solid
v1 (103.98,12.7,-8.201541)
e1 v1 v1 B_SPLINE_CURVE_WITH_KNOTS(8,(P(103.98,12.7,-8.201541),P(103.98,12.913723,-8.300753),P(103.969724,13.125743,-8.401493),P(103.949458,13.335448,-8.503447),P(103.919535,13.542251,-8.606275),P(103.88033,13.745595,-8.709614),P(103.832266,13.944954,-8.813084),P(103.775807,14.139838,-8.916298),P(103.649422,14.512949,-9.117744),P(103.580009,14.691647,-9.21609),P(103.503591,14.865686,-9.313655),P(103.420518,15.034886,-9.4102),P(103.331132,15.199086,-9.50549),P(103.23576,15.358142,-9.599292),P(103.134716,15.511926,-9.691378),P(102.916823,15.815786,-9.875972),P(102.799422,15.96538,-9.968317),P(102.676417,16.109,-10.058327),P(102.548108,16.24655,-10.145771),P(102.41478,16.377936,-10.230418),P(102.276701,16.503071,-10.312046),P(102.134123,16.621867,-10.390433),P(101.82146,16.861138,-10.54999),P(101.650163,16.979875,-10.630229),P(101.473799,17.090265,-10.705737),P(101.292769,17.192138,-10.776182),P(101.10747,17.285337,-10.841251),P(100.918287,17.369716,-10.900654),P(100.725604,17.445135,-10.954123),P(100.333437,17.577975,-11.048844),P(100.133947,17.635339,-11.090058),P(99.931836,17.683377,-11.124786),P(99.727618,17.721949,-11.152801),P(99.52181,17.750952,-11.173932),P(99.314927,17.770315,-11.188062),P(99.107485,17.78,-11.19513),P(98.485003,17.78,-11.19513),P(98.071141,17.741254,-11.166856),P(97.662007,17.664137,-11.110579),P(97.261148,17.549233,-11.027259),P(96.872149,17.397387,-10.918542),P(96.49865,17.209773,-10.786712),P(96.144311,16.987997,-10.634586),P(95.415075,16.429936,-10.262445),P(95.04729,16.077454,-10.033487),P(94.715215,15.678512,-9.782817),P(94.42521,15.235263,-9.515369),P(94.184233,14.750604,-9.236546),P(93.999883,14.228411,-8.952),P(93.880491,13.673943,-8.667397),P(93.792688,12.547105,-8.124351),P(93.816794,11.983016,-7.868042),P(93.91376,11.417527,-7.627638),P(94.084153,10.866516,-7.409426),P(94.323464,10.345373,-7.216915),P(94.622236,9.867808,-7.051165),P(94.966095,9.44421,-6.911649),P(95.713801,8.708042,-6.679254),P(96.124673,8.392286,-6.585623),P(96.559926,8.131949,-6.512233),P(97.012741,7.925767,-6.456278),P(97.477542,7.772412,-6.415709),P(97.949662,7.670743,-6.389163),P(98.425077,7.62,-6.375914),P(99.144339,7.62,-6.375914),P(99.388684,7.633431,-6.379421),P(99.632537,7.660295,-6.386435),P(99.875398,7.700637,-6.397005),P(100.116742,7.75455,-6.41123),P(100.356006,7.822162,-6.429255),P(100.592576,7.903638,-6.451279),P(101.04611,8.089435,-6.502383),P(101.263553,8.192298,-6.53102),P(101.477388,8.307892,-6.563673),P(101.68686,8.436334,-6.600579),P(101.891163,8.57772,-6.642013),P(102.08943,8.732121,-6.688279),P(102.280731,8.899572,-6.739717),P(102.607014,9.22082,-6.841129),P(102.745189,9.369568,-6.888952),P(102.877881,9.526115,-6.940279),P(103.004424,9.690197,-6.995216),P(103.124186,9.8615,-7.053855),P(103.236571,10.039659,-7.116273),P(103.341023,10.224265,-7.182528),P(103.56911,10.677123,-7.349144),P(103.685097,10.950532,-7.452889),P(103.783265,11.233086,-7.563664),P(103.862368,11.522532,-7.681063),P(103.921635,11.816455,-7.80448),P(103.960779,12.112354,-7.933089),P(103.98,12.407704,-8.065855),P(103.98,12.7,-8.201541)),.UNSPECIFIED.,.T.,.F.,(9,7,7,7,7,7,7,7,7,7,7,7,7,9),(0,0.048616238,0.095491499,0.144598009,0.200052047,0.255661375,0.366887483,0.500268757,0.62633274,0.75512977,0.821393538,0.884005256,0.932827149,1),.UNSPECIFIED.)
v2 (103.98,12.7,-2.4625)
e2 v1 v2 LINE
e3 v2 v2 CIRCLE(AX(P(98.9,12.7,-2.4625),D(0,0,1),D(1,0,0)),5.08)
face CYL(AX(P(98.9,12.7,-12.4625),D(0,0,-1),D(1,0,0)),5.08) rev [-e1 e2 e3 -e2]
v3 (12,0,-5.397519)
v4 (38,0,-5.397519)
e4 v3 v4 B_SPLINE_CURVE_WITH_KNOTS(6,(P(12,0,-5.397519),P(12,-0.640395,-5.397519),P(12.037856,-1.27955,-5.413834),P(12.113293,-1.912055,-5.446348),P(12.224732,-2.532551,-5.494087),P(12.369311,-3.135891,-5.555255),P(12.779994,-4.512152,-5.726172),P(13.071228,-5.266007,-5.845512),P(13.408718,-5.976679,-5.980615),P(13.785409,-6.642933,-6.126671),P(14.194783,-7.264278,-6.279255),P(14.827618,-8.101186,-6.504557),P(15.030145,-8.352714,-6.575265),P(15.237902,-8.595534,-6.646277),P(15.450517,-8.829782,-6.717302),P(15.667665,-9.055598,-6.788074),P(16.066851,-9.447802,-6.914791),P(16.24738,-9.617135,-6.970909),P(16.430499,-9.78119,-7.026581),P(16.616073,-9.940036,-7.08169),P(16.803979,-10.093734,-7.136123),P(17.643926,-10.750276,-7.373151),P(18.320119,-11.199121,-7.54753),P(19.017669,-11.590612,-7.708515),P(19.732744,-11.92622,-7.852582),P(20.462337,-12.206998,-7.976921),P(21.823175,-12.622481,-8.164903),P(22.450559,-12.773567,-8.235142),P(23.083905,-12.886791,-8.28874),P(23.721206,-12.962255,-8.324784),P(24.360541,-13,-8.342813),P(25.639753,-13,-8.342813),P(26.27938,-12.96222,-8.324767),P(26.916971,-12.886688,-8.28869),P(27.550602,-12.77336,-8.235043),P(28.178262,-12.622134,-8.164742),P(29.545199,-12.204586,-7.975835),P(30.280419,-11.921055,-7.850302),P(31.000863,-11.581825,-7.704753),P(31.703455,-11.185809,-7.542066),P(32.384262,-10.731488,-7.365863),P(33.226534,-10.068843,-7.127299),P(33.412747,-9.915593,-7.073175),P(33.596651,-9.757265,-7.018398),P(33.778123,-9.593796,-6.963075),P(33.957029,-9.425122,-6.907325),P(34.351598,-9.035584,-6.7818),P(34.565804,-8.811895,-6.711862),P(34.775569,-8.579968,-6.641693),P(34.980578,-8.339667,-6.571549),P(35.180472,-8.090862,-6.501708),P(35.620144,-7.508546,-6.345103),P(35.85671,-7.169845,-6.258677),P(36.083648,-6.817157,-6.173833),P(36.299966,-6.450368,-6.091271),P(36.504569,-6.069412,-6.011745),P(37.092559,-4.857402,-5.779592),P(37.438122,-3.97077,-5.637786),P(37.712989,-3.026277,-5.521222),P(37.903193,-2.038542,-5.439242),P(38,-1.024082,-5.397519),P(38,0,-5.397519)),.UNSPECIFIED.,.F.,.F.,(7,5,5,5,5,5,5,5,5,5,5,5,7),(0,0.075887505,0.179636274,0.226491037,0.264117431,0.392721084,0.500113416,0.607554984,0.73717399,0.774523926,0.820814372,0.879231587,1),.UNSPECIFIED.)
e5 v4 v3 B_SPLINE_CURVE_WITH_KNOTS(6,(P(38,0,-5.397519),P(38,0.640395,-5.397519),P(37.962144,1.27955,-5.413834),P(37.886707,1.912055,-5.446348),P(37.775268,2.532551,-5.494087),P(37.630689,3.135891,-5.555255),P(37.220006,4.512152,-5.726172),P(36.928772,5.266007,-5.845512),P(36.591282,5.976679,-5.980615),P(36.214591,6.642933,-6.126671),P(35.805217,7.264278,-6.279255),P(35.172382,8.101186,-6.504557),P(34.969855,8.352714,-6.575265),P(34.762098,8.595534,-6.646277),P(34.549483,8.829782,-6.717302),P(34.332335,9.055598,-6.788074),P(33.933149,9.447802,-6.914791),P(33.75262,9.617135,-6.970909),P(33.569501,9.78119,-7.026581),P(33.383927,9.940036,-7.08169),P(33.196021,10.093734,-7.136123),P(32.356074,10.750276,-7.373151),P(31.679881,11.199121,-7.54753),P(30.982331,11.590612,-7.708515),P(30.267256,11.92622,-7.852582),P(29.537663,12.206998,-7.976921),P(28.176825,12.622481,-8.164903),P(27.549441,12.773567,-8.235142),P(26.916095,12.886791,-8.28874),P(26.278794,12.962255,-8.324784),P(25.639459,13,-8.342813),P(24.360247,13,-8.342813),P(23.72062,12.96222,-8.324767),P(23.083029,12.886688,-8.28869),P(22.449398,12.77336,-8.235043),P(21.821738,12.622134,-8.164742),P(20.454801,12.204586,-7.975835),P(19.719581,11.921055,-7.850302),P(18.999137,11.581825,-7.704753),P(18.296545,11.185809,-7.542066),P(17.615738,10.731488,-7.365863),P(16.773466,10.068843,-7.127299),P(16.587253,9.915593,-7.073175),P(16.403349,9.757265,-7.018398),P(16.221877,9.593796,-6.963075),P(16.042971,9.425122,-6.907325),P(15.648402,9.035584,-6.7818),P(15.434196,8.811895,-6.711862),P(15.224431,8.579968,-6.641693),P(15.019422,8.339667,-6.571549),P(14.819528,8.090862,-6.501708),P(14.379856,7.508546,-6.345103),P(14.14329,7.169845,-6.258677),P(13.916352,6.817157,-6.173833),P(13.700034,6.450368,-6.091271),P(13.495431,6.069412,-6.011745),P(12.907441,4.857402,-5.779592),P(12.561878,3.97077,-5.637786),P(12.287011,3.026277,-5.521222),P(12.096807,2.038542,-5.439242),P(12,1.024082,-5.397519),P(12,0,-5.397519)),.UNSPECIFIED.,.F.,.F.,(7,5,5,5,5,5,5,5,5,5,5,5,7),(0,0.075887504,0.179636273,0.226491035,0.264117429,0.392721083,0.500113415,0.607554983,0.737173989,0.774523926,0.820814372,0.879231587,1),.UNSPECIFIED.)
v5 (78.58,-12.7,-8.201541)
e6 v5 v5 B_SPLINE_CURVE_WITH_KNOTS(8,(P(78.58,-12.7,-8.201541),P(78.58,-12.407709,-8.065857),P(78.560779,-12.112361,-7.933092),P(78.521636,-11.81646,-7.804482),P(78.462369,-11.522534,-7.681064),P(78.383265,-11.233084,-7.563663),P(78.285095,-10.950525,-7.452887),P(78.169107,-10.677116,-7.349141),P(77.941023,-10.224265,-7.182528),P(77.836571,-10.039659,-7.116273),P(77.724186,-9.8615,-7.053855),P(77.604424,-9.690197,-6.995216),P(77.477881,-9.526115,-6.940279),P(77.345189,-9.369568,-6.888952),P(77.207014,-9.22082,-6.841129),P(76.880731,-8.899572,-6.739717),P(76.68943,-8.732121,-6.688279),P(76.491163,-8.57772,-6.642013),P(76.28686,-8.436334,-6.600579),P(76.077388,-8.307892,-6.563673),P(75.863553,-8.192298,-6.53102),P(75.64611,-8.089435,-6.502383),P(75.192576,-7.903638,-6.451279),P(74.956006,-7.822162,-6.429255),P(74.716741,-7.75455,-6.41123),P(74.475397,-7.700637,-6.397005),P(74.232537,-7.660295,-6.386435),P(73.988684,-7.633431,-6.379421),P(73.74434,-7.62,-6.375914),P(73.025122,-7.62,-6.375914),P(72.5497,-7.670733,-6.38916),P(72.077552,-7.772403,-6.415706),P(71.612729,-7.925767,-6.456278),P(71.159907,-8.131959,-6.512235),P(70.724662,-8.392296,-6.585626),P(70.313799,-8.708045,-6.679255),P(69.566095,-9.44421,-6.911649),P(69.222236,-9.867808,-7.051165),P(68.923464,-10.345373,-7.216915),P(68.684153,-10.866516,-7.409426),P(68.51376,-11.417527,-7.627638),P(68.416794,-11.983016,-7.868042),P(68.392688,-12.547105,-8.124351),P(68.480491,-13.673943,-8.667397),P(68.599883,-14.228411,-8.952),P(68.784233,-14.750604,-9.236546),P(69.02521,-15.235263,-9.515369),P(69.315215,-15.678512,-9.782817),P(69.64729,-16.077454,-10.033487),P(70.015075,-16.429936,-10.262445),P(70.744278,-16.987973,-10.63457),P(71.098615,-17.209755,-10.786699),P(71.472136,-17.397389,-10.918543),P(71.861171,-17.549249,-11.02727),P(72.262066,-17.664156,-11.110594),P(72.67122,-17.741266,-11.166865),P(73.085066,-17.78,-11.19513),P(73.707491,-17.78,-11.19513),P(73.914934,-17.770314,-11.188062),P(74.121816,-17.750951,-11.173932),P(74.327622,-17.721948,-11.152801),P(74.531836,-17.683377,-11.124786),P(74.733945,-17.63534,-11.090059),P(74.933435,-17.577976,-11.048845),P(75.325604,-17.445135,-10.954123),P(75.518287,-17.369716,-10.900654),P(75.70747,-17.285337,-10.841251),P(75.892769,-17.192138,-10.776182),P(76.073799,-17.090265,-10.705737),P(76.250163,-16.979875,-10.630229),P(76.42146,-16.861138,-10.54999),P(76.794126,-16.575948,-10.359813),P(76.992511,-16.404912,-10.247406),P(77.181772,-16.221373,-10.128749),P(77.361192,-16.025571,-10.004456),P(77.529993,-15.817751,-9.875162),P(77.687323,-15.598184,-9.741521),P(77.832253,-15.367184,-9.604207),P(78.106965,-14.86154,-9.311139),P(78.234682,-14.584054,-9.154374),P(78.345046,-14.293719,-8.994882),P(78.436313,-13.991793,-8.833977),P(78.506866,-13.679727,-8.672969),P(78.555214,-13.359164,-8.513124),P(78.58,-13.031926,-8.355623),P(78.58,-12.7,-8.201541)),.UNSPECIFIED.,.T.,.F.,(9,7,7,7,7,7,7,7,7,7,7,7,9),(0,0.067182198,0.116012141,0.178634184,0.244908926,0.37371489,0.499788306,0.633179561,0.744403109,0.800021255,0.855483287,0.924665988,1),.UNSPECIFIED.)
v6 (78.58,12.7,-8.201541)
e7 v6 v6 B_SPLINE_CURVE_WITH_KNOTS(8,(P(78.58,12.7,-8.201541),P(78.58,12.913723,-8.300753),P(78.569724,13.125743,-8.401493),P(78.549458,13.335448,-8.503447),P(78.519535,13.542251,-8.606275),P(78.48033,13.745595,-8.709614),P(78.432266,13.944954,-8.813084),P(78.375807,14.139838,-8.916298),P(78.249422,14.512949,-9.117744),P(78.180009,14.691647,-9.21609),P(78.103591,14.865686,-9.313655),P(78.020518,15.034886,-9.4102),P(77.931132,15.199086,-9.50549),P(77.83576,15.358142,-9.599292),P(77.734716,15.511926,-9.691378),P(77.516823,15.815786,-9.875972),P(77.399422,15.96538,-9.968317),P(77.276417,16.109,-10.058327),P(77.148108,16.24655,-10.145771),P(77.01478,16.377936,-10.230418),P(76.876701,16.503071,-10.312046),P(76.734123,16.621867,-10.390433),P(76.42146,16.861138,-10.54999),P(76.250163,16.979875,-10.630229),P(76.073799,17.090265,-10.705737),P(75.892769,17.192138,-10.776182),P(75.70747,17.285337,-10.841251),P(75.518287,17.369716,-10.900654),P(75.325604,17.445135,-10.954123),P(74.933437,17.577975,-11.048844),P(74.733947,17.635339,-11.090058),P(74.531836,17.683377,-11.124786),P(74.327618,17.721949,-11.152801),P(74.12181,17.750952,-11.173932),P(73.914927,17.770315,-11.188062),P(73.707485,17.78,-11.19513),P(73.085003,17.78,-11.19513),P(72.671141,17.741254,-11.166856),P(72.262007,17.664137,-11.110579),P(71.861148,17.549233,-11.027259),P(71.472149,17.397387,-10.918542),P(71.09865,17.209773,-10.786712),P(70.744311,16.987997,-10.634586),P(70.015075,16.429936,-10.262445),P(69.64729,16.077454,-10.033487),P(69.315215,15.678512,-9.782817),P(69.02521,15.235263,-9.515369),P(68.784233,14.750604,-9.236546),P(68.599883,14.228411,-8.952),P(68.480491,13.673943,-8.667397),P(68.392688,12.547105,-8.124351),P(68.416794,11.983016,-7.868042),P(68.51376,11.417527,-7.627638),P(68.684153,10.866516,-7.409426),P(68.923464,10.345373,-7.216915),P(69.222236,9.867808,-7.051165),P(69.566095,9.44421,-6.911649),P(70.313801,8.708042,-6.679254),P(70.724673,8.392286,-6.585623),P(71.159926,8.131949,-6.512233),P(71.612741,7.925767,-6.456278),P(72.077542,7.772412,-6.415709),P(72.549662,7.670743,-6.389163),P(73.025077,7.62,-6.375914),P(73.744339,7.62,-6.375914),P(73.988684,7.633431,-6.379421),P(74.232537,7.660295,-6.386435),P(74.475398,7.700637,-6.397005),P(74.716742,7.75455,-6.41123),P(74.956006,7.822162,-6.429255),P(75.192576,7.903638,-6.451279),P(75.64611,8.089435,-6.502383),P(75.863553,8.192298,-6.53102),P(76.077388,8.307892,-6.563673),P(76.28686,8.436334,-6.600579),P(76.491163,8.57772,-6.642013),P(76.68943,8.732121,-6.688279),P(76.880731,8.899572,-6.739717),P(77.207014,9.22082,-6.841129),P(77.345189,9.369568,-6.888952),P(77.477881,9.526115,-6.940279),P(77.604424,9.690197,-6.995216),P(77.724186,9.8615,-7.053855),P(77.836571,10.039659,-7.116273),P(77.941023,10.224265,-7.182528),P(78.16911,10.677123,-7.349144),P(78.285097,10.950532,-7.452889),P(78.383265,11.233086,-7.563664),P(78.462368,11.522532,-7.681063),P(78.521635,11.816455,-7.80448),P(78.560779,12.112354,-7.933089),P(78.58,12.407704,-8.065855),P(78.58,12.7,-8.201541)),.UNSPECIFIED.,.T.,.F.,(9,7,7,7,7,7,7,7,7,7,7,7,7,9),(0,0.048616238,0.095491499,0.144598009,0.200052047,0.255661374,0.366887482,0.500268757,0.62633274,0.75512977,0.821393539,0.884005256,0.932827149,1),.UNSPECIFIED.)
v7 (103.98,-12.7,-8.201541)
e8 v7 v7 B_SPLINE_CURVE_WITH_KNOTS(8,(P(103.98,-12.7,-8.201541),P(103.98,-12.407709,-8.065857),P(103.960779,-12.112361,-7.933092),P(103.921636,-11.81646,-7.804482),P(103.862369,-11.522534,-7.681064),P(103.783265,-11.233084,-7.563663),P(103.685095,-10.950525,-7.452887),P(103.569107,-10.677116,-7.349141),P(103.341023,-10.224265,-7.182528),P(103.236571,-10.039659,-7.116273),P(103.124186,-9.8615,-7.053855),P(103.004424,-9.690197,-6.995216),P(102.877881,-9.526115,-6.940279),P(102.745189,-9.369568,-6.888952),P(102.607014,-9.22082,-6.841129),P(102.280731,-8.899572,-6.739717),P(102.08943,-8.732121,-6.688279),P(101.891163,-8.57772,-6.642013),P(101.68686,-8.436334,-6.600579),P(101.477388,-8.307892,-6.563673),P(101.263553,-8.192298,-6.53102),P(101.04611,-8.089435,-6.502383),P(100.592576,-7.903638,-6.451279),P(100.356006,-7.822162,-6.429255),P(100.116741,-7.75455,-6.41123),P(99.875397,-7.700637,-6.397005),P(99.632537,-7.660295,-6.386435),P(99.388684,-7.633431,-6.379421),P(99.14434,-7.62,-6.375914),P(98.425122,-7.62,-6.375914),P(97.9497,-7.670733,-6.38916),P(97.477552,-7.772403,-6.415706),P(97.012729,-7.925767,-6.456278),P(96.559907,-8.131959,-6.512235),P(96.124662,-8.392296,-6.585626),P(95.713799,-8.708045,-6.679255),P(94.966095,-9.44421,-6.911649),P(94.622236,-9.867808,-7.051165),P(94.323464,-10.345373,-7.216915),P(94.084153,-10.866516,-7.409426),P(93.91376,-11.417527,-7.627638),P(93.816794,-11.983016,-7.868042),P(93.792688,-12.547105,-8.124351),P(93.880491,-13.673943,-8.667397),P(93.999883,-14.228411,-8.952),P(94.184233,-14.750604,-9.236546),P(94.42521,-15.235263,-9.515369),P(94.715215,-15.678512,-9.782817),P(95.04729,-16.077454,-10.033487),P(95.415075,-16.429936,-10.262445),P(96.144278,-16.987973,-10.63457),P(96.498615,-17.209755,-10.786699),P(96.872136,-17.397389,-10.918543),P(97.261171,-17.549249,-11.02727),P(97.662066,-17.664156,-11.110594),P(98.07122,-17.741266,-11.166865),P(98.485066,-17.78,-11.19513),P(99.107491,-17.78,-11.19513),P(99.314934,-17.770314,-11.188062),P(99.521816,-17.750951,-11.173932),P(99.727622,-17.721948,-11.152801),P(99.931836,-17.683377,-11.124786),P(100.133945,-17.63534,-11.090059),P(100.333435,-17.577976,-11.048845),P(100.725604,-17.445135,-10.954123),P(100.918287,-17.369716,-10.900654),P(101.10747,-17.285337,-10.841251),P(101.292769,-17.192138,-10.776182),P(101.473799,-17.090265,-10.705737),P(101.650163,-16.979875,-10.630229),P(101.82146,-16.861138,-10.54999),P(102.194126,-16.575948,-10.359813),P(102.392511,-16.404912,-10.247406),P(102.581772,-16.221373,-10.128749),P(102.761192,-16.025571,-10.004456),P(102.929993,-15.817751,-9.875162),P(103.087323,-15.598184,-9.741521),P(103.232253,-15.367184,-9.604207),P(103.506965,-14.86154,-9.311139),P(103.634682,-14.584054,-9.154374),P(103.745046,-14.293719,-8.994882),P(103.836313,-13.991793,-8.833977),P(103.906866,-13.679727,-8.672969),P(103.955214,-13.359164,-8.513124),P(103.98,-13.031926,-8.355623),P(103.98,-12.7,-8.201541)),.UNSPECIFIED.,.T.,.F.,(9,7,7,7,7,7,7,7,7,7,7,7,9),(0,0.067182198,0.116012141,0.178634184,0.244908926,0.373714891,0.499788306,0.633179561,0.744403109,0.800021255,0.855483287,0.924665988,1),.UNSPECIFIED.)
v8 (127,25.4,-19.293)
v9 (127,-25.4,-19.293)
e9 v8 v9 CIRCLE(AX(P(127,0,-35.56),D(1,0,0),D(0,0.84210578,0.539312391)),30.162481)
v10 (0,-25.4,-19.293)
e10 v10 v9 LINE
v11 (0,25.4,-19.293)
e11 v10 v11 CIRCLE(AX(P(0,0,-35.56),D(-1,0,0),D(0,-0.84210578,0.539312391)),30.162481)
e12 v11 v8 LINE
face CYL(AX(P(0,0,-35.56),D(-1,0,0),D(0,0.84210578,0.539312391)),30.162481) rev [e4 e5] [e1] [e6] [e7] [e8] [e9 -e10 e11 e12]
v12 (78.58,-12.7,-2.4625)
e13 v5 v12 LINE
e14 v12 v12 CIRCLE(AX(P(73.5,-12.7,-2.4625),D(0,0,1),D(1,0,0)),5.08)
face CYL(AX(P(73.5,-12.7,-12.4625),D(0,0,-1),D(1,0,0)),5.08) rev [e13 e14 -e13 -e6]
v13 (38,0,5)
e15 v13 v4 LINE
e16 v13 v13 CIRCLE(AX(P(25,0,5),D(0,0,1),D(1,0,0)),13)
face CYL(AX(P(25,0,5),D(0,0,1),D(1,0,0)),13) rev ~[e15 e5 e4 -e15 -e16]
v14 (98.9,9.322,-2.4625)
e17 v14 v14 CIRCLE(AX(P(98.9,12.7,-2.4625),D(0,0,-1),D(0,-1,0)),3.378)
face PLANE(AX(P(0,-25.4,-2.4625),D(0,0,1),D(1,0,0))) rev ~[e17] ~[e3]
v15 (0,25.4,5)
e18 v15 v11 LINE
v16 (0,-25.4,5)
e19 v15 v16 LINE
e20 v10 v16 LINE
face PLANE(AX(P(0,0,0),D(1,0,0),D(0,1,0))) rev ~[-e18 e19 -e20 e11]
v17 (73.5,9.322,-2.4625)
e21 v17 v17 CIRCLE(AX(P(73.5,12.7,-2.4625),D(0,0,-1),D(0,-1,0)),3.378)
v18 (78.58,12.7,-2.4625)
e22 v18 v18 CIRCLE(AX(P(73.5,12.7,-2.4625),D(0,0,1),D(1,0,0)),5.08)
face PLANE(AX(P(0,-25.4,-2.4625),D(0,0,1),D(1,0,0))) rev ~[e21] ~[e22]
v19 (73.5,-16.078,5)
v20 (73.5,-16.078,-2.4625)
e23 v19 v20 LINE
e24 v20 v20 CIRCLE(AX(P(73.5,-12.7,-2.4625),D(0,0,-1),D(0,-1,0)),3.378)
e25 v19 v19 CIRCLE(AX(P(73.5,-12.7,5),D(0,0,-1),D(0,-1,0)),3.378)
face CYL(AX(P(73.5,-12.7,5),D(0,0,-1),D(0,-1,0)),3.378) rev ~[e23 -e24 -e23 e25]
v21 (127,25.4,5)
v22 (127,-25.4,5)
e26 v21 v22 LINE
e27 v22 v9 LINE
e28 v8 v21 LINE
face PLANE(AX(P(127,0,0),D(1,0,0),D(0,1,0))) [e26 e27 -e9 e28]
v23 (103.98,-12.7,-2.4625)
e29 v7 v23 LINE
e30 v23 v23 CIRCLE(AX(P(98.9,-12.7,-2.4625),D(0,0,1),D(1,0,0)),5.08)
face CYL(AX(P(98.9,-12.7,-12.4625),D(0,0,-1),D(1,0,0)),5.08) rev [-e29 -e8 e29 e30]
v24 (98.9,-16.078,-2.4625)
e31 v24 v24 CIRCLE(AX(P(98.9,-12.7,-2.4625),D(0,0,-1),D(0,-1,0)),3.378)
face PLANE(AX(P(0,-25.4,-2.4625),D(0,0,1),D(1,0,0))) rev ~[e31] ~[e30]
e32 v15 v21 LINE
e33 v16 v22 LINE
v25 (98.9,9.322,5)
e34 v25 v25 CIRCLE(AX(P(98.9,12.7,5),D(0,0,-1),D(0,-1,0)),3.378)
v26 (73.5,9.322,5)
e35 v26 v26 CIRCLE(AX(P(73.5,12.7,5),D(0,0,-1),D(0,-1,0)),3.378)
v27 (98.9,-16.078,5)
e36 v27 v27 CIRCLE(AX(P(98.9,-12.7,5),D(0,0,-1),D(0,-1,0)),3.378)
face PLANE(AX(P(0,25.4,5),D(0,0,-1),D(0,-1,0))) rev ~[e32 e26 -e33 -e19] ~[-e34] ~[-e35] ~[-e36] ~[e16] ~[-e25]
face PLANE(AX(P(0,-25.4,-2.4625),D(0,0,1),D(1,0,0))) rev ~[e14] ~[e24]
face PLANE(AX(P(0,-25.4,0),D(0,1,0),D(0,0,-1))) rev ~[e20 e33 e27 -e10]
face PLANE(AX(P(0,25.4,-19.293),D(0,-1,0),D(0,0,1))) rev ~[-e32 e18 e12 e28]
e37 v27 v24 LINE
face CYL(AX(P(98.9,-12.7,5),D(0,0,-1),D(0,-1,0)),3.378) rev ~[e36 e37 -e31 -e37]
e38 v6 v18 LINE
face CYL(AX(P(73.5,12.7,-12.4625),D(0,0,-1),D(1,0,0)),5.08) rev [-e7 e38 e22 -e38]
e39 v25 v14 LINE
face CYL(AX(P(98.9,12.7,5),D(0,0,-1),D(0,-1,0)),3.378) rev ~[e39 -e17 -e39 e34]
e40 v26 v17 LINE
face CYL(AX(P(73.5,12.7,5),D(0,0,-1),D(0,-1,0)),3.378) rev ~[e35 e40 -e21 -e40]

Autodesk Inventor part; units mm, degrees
ref_plane "YZ Plane" through (0, 0, 0) normal (1, 0, 0) x (0, 1, 0)
ref_plane "XZ Plane" through (0, 0, 0) normal (0, 1, 0) x (-1, 0, 0)
sketch "Sketch1" plane through (0, 0, 0) normal (1, 0, 0) x (0, 1, 0)
  arc A0 (25.4, -19.293) -> (-25.4, -19.293) centre (0, -35.56) ccw
  line L0 (0, 0) -> (0, -134.2841)
  line L1 (-25.4, 0) -> (-25.4, -19.293)
  line L2 (25.4, -19.293) -> (25.4, 0)
  line L3 (25.4, 0) -> (25.4, 5)
  line L4 (25.4, 5) -> (-25.4, 5)
  line L5 (-25.4, 5) -> (-25.4, 0)
  dimension "d0" = 60.325
  dimension "d3" = 50.8
  dimension "d38" = 5
extrude "Extrusion1" add sketch "Sketch1" along normal blind 127
sketch "Sketch4" plane through (0, 25.4, 5) normal (0, 0, 1) x (1, 0, 0)
  circle A0 centre (25, -25.4) radius 13
  line L0 (0, 0) -> (127, 0) projected
  line L1 (0, 0) -> (0, -50.8) projected
  dimension "d20" = 26
  dimension "d39" = 25.4
  dimension "d40" = 25
extrude "Extrusion4" cut sketch "Sketch4" against normal through all
sketch "Sketch6" plane through (0, -25.4, 5) normal (0, 0, 1) x (1, 0, 0)
  line L0 (73.5, 38.1) -> (98.9, 38.1)
  line L1 (98.9, 38.1) -> (98.9, 12.7)
  line L2 (98.9, 12.7) -> (73.5, 12.7)
  line L3 (73.5, 12.7) -> (73.5, 38.1)
  line L4 (0, 0) -> (127, 0) construction
  line L5 (0, 50.8) -> (127, 50.8) projected
  line L6 (0, 50.8) -> (0, 0) projected
  point P0 (0, 25.4)
  point P1 (73.5, 25.4)
  dimension "d35" = 25.4
  dimension "d36" = 25.4
  dimension "d41" = 25.4
  dimension "d42" = 73.5
hole "Hole1" at (73.5, 12.7, 5) at (98.9, 12.7, 5) at (98.9, -12.7, 5) at (73.5, -12.7, 5) direction (0, 0, -1) diameter 6.756 end through all clearance for "Socket Head Cap Screw" size "1/4" standard "Ansi Unified Screw Threads"
ref_plane "Work Plane1" through (0, -25.4, -12.4625) normal (0, 0, 1) x (1, 0, 0)
sketch "Sketch7" plane through (0, -25.4, -12.4625) normal (0, 0, 1) x (1, 0, 0)
  circle A0 centre (73.5, 38.1) radius 3.378 projected
  circle A1 centre (73.5, 38.1) radius 5.08
  circle A2 centre (73.5, 12.7) radius 3.378 projected
  circle A3 centre (73.5, 12.7) radius 5.08
  circle A4 centre (98.9, 12.7) radius 3.378 projected
  circle A5 centre (98.9, 12.7) radius 5.08
  circle A6 centre (98.9, 38.1) radius 3.378 projected
  circle A7 centre (98.9, 38.1) radius 5.08
  point P0 (0, 25.4)
  dimension "d44" = 10.16
extrude "Extrusion5" cut sketch "Sketch7" along normal blind 10 contours A0 | A1 | A2 | A3 | A4 | A5 | A6 | A7
properties part number "Motor Mount" material "ABS Plastic"
